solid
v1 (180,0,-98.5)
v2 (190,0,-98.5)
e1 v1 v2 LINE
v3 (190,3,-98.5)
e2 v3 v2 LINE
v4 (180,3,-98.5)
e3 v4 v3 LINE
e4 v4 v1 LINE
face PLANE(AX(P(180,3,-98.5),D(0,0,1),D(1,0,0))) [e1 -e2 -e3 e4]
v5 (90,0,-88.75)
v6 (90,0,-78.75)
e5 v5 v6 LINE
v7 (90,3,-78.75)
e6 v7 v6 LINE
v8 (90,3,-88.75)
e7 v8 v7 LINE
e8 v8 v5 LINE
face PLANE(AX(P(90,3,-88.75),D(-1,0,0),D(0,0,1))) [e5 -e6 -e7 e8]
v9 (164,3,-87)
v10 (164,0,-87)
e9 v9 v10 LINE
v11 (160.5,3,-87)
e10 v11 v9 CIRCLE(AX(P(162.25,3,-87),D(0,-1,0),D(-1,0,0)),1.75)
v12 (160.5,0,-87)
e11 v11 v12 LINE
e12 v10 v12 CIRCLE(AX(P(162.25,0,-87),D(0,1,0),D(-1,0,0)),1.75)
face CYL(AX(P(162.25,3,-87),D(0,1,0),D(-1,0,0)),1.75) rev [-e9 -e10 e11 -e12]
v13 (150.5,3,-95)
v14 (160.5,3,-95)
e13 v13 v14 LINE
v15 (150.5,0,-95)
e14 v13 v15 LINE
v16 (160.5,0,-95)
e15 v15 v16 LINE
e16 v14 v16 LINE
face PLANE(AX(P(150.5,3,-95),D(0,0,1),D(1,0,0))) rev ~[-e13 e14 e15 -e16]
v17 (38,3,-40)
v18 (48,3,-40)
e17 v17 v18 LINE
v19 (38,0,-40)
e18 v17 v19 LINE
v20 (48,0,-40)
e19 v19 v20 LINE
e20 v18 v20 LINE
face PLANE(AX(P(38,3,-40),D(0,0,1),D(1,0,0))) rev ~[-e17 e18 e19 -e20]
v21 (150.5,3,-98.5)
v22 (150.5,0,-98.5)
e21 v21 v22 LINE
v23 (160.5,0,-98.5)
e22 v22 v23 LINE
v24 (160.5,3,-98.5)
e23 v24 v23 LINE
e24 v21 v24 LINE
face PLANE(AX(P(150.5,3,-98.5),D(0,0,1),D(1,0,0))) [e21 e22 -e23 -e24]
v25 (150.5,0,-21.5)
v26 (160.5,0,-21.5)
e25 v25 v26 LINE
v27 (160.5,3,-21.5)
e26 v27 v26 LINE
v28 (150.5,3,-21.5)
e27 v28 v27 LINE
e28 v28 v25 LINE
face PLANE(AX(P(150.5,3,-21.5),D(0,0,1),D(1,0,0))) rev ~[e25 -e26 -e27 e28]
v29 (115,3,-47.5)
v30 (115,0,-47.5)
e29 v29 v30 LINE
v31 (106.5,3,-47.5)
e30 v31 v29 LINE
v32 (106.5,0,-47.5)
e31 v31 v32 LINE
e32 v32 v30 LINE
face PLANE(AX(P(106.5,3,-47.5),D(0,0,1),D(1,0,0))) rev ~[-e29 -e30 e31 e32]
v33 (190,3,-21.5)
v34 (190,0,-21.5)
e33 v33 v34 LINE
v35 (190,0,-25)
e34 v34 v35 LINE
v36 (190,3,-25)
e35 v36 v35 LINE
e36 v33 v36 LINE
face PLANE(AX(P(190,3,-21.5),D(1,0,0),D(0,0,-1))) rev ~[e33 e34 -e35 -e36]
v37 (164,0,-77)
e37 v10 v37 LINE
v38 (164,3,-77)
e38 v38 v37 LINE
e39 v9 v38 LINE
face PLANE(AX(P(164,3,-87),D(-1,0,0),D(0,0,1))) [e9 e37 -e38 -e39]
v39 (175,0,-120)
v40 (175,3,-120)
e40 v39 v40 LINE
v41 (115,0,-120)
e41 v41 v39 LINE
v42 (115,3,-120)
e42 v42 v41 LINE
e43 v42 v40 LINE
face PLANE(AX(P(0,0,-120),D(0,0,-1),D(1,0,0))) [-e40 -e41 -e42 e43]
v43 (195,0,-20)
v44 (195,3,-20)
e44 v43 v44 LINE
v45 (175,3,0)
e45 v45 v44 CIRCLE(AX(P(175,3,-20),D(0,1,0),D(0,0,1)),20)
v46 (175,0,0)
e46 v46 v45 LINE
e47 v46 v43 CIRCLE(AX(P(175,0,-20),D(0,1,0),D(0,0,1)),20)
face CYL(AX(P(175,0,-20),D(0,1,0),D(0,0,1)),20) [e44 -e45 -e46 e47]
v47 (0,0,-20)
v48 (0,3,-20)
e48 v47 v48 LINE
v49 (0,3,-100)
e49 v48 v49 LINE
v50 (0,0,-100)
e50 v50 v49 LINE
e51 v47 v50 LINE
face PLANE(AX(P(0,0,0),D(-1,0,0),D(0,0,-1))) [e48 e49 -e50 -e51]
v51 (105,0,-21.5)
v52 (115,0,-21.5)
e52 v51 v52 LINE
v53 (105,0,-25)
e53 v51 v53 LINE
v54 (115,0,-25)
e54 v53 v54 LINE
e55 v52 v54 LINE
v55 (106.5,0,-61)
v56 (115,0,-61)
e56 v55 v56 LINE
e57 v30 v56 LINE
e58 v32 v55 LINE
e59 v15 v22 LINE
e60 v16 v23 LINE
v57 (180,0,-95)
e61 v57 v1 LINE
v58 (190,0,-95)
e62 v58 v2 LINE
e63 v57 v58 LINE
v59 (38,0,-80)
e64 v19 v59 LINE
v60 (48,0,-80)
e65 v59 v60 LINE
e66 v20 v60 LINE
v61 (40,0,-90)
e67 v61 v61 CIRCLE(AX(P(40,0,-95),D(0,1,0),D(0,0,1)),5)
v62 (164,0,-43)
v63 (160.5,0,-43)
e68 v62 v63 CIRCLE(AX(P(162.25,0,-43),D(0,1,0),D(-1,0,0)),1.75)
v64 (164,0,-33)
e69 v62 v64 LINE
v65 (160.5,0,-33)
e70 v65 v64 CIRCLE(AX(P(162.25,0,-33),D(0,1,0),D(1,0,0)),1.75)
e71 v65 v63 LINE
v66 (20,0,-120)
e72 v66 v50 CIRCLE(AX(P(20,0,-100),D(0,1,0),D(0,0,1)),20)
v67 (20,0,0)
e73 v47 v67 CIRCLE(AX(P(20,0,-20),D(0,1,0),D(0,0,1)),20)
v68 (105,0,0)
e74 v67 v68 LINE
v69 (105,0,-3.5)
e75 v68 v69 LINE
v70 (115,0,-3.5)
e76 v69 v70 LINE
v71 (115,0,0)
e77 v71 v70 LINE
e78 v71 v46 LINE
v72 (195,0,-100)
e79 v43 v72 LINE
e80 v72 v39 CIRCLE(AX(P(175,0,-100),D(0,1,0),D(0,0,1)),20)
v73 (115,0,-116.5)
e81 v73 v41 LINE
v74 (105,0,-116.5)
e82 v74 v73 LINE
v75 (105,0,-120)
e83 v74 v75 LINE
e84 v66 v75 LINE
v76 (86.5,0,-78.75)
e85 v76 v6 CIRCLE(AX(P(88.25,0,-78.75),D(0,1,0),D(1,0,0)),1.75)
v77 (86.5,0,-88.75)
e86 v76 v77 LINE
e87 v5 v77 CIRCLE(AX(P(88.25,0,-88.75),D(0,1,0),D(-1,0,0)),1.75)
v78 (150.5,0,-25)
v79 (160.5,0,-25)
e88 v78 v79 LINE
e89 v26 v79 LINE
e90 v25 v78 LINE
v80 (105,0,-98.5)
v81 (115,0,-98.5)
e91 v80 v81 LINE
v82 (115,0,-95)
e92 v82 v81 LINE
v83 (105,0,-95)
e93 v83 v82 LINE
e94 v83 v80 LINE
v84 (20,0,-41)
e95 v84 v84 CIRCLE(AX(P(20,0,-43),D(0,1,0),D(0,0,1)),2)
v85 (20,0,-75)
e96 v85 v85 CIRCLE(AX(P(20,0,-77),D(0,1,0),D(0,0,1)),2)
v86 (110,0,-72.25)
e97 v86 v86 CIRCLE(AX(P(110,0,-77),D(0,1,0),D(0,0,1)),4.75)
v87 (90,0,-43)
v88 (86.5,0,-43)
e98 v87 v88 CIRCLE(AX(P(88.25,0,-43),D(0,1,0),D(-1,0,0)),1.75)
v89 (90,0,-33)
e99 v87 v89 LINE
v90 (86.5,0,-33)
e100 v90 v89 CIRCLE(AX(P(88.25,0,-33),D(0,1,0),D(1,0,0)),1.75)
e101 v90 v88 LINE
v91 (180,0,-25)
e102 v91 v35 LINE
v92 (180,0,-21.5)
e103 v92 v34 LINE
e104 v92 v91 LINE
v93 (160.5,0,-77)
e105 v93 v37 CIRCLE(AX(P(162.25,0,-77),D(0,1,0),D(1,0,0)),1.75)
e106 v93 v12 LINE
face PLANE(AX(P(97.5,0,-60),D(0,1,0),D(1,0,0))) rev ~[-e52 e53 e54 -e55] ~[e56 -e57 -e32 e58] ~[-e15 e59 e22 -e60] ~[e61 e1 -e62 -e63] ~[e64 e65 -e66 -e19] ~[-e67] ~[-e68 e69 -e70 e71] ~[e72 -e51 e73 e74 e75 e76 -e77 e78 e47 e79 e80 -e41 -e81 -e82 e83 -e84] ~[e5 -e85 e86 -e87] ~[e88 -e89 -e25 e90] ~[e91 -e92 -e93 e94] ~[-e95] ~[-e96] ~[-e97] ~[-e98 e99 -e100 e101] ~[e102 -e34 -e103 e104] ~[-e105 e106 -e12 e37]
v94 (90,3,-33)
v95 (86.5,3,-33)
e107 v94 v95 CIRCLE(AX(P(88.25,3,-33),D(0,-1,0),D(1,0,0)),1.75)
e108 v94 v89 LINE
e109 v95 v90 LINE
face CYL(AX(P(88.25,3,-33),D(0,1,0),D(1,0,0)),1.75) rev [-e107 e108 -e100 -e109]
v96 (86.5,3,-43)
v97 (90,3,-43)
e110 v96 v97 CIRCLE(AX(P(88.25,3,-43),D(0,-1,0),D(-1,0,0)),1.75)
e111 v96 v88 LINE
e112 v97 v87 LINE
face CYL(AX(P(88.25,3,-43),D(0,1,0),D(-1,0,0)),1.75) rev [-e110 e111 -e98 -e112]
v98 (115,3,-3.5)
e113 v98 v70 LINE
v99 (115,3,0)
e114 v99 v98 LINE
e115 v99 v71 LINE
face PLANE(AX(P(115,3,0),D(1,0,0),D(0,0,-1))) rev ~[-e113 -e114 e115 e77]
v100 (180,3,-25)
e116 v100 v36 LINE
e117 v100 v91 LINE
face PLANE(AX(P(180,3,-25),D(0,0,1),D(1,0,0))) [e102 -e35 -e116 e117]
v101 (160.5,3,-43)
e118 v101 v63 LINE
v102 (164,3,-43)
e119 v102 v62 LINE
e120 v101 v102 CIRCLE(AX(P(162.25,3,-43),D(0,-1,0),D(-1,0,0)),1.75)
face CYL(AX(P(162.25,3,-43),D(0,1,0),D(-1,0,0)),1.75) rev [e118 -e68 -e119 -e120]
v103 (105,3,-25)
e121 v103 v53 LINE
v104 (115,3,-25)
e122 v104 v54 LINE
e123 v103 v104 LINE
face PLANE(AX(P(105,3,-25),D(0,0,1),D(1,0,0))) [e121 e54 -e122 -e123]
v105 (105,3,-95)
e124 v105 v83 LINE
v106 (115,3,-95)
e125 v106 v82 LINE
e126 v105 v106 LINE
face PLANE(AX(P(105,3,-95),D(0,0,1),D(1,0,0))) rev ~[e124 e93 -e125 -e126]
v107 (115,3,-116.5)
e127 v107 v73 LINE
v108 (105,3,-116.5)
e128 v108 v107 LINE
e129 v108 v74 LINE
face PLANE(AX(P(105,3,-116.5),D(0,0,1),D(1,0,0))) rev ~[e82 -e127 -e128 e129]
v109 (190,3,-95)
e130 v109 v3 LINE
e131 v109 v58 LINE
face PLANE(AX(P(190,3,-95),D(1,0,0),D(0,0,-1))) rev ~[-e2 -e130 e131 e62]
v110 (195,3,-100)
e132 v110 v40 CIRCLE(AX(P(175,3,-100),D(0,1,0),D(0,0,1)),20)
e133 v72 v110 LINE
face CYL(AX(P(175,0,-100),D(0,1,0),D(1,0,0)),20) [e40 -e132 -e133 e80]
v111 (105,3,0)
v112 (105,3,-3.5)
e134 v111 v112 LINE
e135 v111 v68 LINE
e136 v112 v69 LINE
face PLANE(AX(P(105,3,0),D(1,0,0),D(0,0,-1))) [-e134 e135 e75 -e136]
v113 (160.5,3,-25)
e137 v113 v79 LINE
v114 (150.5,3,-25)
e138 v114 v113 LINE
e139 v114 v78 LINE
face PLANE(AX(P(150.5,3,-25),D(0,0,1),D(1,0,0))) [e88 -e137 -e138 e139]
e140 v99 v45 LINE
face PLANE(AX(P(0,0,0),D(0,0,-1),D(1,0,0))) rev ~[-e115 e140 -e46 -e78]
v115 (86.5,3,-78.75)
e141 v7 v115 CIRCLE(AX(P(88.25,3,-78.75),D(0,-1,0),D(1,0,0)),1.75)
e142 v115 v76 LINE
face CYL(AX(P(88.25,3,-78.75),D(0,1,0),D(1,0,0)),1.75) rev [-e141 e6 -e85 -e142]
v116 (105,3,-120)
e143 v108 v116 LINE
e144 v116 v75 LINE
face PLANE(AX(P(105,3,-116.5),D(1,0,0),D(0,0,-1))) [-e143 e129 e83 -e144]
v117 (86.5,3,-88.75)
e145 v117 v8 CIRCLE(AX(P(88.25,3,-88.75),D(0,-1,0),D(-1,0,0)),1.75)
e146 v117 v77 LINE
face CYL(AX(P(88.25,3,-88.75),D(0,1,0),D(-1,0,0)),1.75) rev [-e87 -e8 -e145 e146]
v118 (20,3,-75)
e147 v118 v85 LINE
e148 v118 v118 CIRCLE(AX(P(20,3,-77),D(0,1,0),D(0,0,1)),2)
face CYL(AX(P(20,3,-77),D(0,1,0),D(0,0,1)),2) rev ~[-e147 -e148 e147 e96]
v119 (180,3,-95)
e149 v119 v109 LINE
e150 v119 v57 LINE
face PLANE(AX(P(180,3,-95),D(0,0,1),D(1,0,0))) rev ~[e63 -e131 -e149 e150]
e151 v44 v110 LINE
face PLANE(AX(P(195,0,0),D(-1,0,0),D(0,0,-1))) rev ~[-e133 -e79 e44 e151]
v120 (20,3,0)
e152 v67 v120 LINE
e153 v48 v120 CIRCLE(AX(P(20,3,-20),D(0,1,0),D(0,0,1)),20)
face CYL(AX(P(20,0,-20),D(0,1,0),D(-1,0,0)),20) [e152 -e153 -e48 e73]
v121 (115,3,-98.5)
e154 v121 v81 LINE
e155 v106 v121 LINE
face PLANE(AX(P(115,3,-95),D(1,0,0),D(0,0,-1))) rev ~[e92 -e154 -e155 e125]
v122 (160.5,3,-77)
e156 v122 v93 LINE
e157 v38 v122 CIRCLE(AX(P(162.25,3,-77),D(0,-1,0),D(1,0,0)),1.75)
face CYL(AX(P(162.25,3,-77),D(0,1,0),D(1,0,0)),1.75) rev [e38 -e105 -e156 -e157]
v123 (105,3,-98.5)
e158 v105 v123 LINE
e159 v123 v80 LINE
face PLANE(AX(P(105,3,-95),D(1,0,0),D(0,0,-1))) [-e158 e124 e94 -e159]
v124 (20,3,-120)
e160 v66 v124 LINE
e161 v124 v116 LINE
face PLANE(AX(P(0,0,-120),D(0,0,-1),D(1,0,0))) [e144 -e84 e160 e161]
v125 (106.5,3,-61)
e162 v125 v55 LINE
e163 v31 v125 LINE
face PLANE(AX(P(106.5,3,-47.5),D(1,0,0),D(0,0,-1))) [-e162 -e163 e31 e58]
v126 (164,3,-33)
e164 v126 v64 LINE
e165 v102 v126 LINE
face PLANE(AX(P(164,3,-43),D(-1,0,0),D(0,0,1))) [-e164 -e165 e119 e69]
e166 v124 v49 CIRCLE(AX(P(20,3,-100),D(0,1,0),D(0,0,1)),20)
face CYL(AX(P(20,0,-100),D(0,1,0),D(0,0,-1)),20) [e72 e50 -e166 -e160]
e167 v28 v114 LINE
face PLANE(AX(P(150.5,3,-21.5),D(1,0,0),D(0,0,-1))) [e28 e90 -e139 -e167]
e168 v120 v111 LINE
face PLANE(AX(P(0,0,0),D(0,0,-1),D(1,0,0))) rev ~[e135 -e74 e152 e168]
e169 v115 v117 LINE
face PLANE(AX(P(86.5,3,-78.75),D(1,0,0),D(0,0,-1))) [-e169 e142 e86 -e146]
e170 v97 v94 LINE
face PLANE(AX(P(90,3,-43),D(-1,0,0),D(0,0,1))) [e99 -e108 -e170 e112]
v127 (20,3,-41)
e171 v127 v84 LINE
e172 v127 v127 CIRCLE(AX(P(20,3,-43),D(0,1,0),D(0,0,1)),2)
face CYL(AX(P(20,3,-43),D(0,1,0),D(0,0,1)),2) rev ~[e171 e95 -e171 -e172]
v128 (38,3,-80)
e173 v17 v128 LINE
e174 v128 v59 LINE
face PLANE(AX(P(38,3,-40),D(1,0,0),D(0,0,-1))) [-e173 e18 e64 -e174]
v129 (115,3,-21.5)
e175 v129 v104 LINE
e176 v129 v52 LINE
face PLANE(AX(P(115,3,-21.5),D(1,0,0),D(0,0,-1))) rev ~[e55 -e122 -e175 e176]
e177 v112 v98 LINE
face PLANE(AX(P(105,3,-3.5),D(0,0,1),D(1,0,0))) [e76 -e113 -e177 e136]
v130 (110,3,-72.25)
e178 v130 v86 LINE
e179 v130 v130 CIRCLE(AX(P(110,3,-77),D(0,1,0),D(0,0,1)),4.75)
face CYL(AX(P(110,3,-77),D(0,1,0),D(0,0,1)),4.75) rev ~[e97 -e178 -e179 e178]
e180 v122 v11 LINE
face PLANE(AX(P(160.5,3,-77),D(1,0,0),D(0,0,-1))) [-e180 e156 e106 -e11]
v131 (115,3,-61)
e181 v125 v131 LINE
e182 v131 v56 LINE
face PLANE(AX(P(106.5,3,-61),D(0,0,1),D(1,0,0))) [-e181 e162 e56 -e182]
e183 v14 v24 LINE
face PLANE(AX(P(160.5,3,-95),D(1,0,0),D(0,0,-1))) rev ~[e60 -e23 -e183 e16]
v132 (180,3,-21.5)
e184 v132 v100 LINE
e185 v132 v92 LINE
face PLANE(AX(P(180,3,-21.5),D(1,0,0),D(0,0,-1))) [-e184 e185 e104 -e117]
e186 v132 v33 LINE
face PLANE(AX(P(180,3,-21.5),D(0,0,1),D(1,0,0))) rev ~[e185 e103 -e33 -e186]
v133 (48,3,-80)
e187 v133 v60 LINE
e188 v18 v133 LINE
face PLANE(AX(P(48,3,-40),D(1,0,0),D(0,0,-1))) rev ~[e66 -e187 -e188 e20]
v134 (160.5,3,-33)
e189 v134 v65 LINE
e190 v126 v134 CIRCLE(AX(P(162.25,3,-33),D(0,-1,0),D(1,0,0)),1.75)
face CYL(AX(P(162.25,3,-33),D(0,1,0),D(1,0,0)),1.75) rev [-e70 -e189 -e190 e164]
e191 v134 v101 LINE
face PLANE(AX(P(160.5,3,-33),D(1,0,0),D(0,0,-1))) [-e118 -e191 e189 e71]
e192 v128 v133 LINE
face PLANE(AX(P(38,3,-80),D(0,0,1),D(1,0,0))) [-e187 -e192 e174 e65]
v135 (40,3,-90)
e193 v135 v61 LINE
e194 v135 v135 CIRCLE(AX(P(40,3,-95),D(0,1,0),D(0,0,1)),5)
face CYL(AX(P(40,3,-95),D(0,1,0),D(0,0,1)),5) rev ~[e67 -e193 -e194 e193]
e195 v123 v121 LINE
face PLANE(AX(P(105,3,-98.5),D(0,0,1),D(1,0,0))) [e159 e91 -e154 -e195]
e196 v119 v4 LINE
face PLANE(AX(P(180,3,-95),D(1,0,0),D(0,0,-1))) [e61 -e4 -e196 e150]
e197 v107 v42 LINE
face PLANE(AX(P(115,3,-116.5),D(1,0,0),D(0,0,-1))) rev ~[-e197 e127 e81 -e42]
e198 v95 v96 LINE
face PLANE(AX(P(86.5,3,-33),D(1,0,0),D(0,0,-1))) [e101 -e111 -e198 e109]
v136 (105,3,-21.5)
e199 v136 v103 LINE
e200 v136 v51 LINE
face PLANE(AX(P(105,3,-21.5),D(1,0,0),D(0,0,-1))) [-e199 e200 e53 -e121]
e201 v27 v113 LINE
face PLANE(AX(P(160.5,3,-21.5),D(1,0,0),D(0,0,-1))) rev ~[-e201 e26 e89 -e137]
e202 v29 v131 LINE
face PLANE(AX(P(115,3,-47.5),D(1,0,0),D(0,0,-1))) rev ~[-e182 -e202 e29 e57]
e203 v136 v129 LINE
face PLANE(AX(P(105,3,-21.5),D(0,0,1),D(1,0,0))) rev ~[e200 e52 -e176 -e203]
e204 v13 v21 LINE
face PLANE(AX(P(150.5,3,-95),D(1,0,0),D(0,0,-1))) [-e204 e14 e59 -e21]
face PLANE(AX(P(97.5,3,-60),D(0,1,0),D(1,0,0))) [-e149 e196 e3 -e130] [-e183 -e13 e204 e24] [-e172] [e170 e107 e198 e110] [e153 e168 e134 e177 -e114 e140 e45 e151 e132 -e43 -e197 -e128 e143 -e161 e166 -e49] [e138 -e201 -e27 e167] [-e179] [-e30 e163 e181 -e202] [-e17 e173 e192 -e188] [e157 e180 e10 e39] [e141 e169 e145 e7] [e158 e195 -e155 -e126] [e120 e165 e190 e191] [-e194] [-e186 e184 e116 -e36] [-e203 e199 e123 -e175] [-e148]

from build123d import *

# Parameters (mm, degrees)
ESBO_O1_W                = 195
ESBO_O1_H                = 120
RESSALTO_EXTRUS_O1_DEPTH = 3
FILETE1_R                = 20
FILETE2_R                = 20
FILETE3_R                = 20
FILETE4_R                = 20
ESBO_O2_W                = 10
ESBO_O2_H                = 3.5
CORTE_EXTRUS_O1_DEPTH    = 229.984715647
CORTE_EXTRUS_O2_DEPTH    = 229.984715647
ESBO_O4_R                = 4.75
ESBO_O4_W                = 8.5
ESBO_O4_H                = 13.5
CORTE_EXTRUS_O3_DEPTH    = 229.984715647
ESBO_O5_R                = 5
ESBO_O5_R_2              = 2
ESBO_O5_W                = 10
ESBO_O5_H                = 40
CORTE_EXTRUS_O4_DEPTH    = 229.984715647


with BuildPart() as part:
    # Esboço1 → Ressalto-extrusão1 (new body)
    with BuildSketch(Plane(origin=(0, 0, 0), x_dir=(1, 0, 0), z_dir=(0, 1, 0))):
        with Locations((97.5, 60)):
            Rectangle(ESBO_O1_W, ESBO_O1_H)
    extrude(amount=RESSALTO_EXTRUS_O1_DEPTH)

    # Filete1
    filete1_edges = [part.edges().sort_by_distance(p)[0] for p in [
        (0, 1.5, 0),
    ]]
    fillet(filete1_edges, radius=FILETE1_R)

    # Filete2
    filete2_edges = [part.edges().sort_by_distance(p)[0] for p in [
        (195, 1.5, 0),
    ]]
    fillet(filete2_edges, radius=FILETE2_R)

    # Filete3
    filete3_edges = [part.edges().sort_by_distance(p)[0] for p in [
        (195, 1.5, -120),
    ]]
    fillet(filete3_edges, radius=FILETE3_R)

    # Filete4
    filete4_edges = [part.edges().sort_by_distance(p)[0] for p in [
        (0, 1.5, -120),
    ]]
    fillet(filete4_edges, radius=FILETE4_R)

    # Esboço2 → Corte-extrusão1 (cut, through all)
    with BuildSketch(Plane(origin=(0, 3, 0), x_dir=(1, 0, 0), z_dir=(0, 1, 0))):
        with Locations((110, 1.75)):
            Rectangle(ESBO_O2_W, ESBO_O2_H)
        with Locations((110, 118.25)):
            Rectangle(ESBO_O2_W, ESBO_O2_H)
        with Locations((110, 23.25)):
            Rectangle(ESBO_O2_W, ESBO_O2_H)
        with Locations((110, 96.75)):
            Rectangle(ESBO_O2_W, ESBO_O2_H)
        with Locations((155.5, 23.25)):
            Rectangle(ESBO_O2_W, ESBO_O2_H)
        with Locations((185, 23.25)):
            Rectangle(ESBO_O2_W, ESBO_O2_H)
        with Locations((155.5, 96.75)):
            Rectangle(ESBO_O2_W, ESBO_O2_H)
        with Locations((185, 96.75)):
            Rectangle(ESBO_O2_W, ESBO_O2_H)
    extrude(amount=-CORTE_EXTRUS_O1_DEPTH, mode=Mode.SUBTRACT)

    # Esboço3 → Corte-extrusão2 (cut, through all)
    with BuildSketch(Plane(origin=(0, 3, 0), x_dir=(1, 0, 0), z_dir=(0, 1, 0))):
        with BuildLine():
            Line((164, 87), (164, 77))
            ThreePointArc((164, 77), (162.25, 75.25), (160.5, 77))
            Line((160.5, 77), (160.5, 87))
            ThreePointArc((160.5, 87), (162.25, 88.75), (164, 87))
        make_face()
        with BuildLine():
            Line((164, 43), (164, 33))
            ThreePointArc((164, 33), (162.25, 31.25), (160.5, 33))
            Line((160.5, 33), (160.5, 43))
            ThreePointArc((160.5, 43), (162.25, 44.75), (164, 43))
        make_face()
        with BuildLine():
            Line((90, 43), (90, 33))
            ThreePointArc((90, 33), (88.25, 31.25), (86.5, 33))
            Line((86.5, 33), (86.5, 43))
            ThreePointArc((86.5, 43), (88.25, 44.75), (90, 43))
        make_face()
        with BuildLine():
            Line((90, 88.75), (90, 78.75))
            ThreePointArc((90, 78.75), (88.25, 77), (86.5, 78.75))
            Line((86.5, 78.75), (86.5, 88.75))
            ThreePointArc((86.5, 88.75), (88.25, 90.5), (90, 88.75))
        make_face()
    extrude(amount=-CORTE_EXTRUS_O2_DEPTH, mode=Mode.SUBTRACT)

    # Esboço4 → Corte-extrusão3 (cut, through all)
    with BuildSketch(Plane(origin=(0, 3, 0), x_dir=(1, 0, 0), z_dir=(0, 1, 0))):
        with Locations(Location((110, 77, 0), (0, 0, 270))):
            Circle(ESBO_O4_R)
        with Locations((110.75, 54.25)):
            Rectangle(ESBO_O4_W, ESBO_O4_H)
    extrude(amount=-CORTE_EXTRUS_O3_DEPTH, mode=Mode.SUBTRACT)

    # Esboço5 → Corte-extrusão4 (cut, through all)
    with BuildSketch(Plane(origin=(0, 3, 0), x_dir=(1, 0, 0), z_dir=(0, 1, 0))):
        with Locations(Location((40, 95, 0), (0, 0, 270))):
            Circle(ESBO_O5_R)
        with Locations(Location((20, 77, 0), (0, 0, 270))):
            Circle(ESBO_O5_R_2)
        with Locations(Location((20, 43, 0), (0, 0, 270))):
            Circle(ESBO_O5_R_2)
        with Locations((43, 60)):
            Rectangle(ESBO_O5_W, ESBO_O5_H)
    extrude(amount=-CORTE_EXTRUS_O4_DEPTH, mode=Mode.SUBTRACT)


solid = part.part
